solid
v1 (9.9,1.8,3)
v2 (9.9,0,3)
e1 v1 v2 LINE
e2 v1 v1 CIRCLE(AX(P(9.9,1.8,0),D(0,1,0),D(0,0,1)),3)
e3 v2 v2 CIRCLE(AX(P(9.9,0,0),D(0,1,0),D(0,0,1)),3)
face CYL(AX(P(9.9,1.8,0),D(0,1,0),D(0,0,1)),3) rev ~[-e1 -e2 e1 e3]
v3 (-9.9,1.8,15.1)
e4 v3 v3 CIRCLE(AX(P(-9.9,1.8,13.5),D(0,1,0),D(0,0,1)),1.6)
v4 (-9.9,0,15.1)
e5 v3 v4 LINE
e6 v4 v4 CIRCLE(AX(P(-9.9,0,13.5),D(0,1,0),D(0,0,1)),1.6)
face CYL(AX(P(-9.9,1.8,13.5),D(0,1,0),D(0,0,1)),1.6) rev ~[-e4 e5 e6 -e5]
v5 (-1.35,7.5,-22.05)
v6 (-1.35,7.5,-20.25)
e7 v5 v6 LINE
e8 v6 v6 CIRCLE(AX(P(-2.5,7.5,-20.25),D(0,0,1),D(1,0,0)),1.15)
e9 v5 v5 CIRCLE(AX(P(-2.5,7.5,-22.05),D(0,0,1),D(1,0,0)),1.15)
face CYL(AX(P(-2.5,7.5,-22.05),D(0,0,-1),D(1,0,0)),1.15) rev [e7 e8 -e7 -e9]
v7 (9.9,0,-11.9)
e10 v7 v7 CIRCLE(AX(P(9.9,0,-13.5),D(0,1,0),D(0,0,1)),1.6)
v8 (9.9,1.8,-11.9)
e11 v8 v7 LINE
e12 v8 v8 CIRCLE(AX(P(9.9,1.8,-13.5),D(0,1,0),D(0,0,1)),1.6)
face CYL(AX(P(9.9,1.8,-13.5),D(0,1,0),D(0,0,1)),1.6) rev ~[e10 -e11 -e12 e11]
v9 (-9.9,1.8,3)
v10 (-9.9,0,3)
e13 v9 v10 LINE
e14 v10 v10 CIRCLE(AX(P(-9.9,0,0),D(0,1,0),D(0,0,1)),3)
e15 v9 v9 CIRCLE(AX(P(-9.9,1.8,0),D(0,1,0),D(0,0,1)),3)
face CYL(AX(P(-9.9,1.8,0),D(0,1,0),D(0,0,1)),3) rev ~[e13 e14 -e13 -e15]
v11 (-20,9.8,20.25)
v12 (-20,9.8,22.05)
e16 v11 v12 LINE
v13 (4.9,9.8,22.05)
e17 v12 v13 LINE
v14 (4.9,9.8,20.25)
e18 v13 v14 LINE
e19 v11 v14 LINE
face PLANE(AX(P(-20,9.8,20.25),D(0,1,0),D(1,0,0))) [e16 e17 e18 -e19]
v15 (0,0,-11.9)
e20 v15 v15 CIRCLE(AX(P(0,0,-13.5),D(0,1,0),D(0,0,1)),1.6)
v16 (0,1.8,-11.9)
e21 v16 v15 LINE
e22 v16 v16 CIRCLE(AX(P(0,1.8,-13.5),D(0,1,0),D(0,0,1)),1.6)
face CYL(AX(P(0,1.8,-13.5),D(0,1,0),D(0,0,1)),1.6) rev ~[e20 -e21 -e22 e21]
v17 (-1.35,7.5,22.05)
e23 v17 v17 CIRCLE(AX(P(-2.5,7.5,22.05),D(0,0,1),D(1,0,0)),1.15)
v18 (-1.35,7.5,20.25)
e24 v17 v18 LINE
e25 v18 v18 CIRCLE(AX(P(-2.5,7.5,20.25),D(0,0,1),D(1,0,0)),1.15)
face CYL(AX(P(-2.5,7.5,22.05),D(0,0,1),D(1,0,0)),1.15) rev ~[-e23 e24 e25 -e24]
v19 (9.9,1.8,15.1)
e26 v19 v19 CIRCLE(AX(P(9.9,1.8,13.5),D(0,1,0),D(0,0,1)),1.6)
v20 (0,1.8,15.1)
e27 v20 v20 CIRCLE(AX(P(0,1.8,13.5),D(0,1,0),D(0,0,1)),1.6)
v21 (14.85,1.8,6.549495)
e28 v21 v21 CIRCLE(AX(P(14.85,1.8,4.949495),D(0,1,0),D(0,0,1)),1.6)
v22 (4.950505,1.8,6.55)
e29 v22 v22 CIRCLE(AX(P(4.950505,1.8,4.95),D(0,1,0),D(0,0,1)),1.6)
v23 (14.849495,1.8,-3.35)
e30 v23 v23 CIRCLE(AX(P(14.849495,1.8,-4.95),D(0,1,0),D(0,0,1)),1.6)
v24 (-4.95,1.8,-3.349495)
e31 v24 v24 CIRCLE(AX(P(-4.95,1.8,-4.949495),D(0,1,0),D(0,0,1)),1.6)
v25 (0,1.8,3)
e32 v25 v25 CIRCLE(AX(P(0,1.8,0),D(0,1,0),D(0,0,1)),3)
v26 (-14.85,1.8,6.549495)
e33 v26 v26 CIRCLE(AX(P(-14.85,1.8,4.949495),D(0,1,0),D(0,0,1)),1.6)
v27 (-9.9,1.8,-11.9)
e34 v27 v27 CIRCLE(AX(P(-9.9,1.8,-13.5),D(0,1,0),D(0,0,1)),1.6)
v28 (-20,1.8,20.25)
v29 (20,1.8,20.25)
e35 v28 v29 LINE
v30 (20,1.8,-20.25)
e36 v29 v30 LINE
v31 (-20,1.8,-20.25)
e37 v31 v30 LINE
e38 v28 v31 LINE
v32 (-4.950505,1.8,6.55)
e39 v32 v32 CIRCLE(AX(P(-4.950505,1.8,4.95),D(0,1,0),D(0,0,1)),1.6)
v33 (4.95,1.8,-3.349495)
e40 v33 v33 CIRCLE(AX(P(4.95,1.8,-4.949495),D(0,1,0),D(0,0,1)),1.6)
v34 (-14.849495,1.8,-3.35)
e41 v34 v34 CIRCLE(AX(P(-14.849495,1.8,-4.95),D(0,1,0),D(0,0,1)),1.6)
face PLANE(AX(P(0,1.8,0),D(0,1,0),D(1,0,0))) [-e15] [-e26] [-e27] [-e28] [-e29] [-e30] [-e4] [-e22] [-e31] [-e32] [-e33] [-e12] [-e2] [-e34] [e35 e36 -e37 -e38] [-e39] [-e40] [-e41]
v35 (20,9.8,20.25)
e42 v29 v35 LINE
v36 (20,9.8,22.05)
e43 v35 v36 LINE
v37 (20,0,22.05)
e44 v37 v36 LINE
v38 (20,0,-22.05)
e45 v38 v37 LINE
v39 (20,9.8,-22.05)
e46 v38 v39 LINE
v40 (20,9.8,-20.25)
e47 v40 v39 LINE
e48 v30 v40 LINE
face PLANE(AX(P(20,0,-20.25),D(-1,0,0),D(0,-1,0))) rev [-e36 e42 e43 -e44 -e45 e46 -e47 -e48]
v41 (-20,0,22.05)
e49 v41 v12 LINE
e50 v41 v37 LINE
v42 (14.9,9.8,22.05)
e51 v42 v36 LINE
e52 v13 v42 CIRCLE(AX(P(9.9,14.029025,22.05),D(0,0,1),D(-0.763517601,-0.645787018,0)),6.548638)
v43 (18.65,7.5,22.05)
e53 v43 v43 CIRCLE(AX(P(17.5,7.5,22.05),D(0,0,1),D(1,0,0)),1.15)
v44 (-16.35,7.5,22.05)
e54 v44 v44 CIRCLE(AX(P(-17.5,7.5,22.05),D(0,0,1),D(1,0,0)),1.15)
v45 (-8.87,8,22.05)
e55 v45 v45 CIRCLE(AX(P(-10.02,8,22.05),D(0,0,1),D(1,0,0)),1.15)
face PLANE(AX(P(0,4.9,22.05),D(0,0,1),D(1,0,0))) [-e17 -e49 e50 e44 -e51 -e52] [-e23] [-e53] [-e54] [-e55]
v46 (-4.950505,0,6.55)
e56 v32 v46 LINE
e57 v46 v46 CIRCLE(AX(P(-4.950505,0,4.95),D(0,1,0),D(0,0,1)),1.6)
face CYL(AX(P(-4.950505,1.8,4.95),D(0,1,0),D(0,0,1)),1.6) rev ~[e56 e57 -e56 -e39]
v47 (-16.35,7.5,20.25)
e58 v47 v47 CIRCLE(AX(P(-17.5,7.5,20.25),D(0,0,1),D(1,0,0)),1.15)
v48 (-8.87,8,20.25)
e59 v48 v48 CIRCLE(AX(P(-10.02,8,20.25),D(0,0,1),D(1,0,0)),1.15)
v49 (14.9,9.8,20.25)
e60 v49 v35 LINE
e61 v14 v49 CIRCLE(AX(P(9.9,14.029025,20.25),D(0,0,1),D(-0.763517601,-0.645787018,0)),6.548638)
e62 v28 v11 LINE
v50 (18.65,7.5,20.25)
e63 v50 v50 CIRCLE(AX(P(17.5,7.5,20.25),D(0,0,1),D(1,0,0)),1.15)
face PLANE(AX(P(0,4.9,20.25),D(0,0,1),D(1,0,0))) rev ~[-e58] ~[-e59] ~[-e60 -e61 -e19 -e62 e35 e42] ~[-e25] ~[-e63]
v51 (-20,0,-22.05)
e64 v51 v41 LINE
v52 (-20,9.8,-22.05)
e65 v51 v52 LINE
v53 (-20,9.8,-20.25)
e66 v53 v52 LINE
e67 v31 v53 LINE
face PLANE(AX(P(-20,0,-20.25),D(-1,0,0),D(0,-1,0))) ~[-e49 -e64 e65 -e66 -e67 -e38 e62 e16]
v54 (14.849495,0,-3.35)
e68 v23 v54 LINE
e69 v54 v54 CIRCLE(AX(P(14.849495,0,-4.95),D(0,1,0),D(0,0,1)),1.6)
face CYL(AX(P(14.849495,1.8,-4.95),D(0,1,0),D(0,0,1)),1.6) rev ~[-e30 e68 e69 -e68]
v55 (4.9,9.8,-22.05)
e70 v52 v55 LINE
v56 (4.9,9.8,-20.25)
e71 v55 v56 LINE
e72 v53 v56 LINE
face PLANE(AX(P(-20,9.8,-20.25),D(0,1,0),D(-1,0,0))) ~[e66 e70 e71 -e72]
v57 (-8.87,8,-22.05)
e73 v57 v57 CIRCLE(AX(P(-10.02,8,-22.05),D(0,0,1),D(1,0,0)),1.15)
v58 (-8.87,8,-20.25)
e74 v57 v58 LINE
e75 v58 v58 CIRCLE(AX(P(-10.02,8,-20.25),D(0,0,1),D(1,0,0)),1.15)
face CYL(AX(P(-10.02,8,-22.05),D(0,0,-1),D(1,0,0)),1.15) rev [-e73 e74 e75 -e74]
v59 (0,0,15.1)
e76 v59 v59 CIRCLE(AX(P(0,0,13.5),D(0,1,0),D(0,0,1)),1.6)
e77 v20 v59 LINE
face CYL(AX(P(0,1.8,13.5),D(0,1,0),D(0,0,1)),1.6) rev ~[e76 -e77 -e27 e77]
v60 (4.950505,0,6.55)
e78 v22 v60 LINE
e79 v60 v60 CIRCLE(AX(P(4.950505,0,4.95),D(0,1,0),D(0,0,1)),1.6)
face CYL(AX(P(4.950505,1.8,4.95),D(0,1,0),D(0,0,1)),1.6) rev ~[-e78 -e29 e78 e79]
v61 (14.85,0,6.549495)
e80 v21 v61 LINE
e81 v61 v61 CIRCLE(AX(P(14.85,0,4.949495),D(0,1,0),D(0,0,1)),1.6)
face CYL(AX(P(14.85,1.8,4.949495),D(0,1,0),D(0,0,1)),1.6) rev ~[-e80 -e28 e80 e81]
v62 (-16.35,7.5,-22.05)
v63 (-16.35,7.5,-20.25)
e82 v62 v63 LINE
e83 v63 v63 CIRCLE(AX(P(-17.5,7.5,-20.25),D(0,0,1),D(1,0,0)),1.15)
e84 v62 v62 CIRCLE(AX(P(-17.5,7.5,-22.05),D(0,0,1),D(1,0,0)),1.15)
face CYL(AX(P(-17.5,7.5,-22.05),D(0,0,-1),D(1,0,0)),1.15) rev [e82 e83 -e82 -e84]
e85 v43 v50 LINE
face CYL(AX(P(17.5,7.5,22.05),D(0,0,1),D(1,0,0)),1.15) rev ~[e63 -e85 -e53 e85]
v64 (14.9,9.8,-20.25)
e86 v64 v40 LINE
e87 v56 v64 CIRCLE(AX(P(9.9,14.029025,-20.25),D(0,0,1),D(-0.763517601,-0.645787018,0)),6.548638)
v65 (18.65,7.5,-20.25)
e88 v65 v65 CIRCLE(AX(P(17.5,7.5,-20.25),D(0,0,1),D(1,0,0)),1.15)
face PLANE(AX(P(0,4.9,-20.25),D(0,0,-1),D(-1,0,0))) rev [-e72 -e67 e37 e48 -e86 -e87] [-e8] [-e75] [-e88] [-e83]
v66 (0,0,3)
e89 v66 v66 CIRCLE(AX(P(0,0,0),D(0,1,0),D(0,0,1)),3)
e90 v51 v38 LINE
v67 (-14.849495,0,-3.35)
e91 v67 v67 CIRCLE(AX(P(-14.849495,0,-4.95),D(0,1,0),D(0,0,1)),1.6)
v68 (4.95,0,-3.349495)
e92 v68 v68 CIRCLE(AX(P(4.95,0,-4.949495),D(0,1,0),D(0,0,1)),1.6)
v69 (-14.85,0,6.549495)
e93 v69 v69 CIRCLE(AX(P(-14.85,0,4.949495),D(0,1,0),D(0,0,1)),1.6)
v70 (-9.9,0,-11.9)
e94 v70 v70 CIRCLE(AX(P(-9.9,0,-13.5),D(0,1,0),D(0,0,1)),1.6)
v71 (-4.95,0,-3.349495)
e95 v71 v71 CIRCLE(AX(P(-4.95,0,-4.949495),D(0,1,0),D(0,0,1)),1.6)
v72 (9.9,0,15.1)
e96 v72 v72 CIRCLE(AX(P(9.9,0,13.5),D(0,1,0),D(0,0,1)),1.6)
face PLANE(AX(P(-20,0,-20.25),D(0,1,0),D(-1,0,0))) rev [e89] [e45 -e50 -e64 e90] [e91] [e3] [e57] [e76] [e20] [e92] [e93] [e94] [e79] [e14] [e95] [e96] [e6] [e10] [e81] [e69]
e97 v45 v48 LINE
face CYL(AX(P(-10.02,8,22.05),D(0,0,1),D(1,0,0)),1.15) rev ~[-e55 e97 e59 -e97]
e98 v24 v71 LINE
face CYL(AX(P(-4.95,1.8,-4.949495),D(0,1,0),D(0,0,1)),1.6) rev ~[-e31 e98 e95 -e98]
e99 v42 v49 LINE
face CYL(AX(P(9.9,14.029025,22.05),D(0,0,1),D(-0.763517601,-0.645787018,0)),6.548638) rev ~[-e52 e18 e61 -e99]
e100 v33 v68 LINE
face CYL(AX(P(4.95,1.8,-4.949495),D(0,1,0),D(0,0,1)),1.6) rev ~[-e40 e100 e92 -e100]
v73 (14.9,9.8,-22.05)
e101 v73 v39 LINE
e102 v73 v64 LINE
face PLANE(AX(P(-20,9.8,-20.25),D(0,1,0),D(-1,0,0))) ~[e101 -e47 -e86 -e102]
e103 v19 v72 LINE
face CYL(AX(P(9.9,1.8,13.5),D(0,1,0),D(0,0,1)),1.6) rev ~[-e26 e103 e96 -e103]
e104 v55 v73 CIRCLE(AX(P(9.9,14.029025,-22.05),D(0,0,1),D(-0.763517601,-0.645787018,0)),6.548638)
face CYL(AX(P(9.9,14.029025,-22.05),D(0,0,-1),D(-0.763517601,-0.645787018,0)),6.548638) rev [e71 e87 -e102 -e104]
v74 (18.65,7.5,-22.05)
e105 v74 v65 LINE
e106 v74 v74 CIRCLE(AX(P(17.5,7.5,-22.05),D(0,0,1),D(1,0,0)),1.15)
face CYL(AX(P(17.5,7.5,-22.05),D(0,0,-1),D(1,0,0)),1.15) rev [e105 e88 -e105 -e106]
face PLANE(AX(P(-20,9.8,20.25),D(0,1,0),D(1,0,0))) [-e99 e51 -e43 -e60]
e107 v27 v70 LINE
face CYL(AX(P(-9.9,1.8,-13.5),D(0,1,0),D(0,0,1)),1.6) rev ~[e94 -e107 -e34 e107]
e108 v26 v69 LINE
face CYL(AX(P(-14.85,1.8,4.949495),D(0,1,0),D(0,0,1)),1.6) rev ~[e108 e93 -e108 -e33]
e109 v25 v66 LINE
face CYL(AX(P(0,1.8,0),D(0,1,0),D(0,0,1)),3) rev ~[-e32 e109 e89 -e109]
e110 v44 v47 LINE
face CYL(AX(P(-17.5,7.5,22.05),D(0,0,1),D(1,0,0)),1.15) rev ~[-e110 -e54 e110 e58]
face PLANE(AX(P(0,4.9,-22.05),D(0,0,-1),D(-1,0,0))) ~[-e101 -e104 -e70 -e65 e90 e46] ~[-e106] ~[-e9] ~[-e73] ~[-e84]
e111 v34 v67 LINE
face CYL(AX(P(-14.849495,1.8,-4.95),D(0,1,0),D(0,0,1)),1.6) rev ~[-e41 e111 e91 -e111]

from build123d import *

# Parameters (mm, degrees)
SKETCH_1_W          = 40
SKETCH_1_H          = 40.5
EXTRUDE_1_DEPTH     = 1.8
SKETCH_2_R          = 1.6
SKETCH_2_R_2        = 3
CUT_EXTRUDE_1_DEPTH = 2
SKETCH_3_W          = 40
SKETCH_3_H          = 9.8
EXTRUDE_2_DEPTH     = 1.8
SKETCH_4_R          = 1.15
CUT_EXTRUDE_2_DEPTH = 1.8


with BuildPart() as part:
    # 草图1 → 凸台-拉伸1 (new body)
    with BuildSketch(Plane(origin=(0, 0, 0), x_dir=(1, 0, 0), z_dir=(0, 1, 0))):
        Rectangle(SKETCH_1_W, SKETCH_1_H)
    extrude(amount=EXTRUDE_1_DEPTH)

    # 草图2 → 切除-拉伸1 (cut)
    with BuildSketch(Plane(origin=(0, 1.8, 0), x_dir=(1, 0, 0), z_dir=(0, 1, 0))):
        with Locations(Location((-9.9, 13.5, 0), (0, 0, 270))):
            Circle(SKETCH_2_R)
        with Locations(Location((0, 13.5, 0), (0, 0, 270))):
            Circle(SKETCH_2_R)
        with Locations(Location((9.9, 13.5, 0), (0, 0, 270))):
            Circle(SKETCH_2_R)
        with Locations(Location((0, 0, 0), (0, 0, 270))):
            Circle(SKETCH_2_R_2)
        with Locations(Location((9.9, 0, 0), (0, 0, 270))):
            Circle(SKETCH_2_R_2)
        with Locations(Location((-9.9, 0, 0), (0, 0, 270))):
            Circle(SKETCH_2_R_2)
        with Locations(Location((-9.9, -13.5, 0), (0, 0, 270))):
            Circle(SKETCH_2_R)
        with Locations(Location((0, -13.5, 0), (0, 0, 270))):
            Circle(SKETCH_2_R)
        with Locations(Location((9.9, -13.5, 0), (0, 0, 270))):
            Circle(SKETCH_2_R)
        with Locations(Location((-4.95, 4.949494924, 0), (0, 0, 270))):
            Circle(SKETCH_2_R)
        with Locations(Location((4.95, 4.949494924, 0), (0, 0, 270))):
            Circle(SKETCH_2_R)
        with Locations(Location((14.849494924, 4.95, 0), (0, 0, 270))):
            Circle(SKETCH_2_R)
        with Locations(Location((14.85, -4.949494924, 0), (0, 0, 270))):
            Circle(SKETCH_2_R)
        with Locations(Location((4.950505076, -4.95, 0), (0, 0, 270))):
            Circle(SKETCH_2_R)
        with Locations(Location((-4.950505076, -4.95, 0), (0, 0, 270))):
            Circle(SKETCH_2_R)
        with Locations(Location((-14.85, -4.949494924, 0), (0, 0, 270))):
            Circle(SKETCH_2_R)
        with Locations(Location((-14.849494924, 4.95, 0), (0, 0, 270))):
            Circle(SKETCH_2_R)
    extrude(amount=-CUT_EXTRUDE_1_DEPTH, mode=Mode.SUBTRACT)

    # 草图3 → 凸台-拉伸2 (add)
    with BuildSketch(Plane.XY.offset(20.25)):
        with Locations((0, 4.9)):
            Rectangle(SKETCH_3_W, SKETCH_3_H)
    extrude_2 = extrude(amount=EXTRUDE_2_DEPTH)

    # 草图4 → 切除-拉伸2 (cut)
    with BuildSketch(Plane.XY.offset(22.05)):
        with Locations((-17.5, 7.5)):
            Circle(SKETCH_4_R)
        with Locations((-2.5, 7.5)):
            Circle(SKETCH_4_R)
        with Locations((17.5, 7.5)):
            Circle(SKETCH_4_R)
        with Locations((-10.02, 8)):
            Circle(SKETCH_4_R)
        with BuildLine():
            Line((14.9, 9.8), (4.9, 9.8))
            ThreePointArc((4.9, 9.8), (9.9, 7.48038758), (14.9, 9.8))
        make_face()
    cut_extrude_2 = extrude(amount=-CUT_EXTRUDE_2_DEPTH, mode=Mode.SUBTRACT)

    # 镜向1: 凸台-拉伸2, 切除-拉伸2 across plane
    add(extrude_2.mirror(Plane.XY))
    add(cut_extrude_2.mirror(Plane.XY), mode=Mode.SUBTRACT)


solid = part.part
